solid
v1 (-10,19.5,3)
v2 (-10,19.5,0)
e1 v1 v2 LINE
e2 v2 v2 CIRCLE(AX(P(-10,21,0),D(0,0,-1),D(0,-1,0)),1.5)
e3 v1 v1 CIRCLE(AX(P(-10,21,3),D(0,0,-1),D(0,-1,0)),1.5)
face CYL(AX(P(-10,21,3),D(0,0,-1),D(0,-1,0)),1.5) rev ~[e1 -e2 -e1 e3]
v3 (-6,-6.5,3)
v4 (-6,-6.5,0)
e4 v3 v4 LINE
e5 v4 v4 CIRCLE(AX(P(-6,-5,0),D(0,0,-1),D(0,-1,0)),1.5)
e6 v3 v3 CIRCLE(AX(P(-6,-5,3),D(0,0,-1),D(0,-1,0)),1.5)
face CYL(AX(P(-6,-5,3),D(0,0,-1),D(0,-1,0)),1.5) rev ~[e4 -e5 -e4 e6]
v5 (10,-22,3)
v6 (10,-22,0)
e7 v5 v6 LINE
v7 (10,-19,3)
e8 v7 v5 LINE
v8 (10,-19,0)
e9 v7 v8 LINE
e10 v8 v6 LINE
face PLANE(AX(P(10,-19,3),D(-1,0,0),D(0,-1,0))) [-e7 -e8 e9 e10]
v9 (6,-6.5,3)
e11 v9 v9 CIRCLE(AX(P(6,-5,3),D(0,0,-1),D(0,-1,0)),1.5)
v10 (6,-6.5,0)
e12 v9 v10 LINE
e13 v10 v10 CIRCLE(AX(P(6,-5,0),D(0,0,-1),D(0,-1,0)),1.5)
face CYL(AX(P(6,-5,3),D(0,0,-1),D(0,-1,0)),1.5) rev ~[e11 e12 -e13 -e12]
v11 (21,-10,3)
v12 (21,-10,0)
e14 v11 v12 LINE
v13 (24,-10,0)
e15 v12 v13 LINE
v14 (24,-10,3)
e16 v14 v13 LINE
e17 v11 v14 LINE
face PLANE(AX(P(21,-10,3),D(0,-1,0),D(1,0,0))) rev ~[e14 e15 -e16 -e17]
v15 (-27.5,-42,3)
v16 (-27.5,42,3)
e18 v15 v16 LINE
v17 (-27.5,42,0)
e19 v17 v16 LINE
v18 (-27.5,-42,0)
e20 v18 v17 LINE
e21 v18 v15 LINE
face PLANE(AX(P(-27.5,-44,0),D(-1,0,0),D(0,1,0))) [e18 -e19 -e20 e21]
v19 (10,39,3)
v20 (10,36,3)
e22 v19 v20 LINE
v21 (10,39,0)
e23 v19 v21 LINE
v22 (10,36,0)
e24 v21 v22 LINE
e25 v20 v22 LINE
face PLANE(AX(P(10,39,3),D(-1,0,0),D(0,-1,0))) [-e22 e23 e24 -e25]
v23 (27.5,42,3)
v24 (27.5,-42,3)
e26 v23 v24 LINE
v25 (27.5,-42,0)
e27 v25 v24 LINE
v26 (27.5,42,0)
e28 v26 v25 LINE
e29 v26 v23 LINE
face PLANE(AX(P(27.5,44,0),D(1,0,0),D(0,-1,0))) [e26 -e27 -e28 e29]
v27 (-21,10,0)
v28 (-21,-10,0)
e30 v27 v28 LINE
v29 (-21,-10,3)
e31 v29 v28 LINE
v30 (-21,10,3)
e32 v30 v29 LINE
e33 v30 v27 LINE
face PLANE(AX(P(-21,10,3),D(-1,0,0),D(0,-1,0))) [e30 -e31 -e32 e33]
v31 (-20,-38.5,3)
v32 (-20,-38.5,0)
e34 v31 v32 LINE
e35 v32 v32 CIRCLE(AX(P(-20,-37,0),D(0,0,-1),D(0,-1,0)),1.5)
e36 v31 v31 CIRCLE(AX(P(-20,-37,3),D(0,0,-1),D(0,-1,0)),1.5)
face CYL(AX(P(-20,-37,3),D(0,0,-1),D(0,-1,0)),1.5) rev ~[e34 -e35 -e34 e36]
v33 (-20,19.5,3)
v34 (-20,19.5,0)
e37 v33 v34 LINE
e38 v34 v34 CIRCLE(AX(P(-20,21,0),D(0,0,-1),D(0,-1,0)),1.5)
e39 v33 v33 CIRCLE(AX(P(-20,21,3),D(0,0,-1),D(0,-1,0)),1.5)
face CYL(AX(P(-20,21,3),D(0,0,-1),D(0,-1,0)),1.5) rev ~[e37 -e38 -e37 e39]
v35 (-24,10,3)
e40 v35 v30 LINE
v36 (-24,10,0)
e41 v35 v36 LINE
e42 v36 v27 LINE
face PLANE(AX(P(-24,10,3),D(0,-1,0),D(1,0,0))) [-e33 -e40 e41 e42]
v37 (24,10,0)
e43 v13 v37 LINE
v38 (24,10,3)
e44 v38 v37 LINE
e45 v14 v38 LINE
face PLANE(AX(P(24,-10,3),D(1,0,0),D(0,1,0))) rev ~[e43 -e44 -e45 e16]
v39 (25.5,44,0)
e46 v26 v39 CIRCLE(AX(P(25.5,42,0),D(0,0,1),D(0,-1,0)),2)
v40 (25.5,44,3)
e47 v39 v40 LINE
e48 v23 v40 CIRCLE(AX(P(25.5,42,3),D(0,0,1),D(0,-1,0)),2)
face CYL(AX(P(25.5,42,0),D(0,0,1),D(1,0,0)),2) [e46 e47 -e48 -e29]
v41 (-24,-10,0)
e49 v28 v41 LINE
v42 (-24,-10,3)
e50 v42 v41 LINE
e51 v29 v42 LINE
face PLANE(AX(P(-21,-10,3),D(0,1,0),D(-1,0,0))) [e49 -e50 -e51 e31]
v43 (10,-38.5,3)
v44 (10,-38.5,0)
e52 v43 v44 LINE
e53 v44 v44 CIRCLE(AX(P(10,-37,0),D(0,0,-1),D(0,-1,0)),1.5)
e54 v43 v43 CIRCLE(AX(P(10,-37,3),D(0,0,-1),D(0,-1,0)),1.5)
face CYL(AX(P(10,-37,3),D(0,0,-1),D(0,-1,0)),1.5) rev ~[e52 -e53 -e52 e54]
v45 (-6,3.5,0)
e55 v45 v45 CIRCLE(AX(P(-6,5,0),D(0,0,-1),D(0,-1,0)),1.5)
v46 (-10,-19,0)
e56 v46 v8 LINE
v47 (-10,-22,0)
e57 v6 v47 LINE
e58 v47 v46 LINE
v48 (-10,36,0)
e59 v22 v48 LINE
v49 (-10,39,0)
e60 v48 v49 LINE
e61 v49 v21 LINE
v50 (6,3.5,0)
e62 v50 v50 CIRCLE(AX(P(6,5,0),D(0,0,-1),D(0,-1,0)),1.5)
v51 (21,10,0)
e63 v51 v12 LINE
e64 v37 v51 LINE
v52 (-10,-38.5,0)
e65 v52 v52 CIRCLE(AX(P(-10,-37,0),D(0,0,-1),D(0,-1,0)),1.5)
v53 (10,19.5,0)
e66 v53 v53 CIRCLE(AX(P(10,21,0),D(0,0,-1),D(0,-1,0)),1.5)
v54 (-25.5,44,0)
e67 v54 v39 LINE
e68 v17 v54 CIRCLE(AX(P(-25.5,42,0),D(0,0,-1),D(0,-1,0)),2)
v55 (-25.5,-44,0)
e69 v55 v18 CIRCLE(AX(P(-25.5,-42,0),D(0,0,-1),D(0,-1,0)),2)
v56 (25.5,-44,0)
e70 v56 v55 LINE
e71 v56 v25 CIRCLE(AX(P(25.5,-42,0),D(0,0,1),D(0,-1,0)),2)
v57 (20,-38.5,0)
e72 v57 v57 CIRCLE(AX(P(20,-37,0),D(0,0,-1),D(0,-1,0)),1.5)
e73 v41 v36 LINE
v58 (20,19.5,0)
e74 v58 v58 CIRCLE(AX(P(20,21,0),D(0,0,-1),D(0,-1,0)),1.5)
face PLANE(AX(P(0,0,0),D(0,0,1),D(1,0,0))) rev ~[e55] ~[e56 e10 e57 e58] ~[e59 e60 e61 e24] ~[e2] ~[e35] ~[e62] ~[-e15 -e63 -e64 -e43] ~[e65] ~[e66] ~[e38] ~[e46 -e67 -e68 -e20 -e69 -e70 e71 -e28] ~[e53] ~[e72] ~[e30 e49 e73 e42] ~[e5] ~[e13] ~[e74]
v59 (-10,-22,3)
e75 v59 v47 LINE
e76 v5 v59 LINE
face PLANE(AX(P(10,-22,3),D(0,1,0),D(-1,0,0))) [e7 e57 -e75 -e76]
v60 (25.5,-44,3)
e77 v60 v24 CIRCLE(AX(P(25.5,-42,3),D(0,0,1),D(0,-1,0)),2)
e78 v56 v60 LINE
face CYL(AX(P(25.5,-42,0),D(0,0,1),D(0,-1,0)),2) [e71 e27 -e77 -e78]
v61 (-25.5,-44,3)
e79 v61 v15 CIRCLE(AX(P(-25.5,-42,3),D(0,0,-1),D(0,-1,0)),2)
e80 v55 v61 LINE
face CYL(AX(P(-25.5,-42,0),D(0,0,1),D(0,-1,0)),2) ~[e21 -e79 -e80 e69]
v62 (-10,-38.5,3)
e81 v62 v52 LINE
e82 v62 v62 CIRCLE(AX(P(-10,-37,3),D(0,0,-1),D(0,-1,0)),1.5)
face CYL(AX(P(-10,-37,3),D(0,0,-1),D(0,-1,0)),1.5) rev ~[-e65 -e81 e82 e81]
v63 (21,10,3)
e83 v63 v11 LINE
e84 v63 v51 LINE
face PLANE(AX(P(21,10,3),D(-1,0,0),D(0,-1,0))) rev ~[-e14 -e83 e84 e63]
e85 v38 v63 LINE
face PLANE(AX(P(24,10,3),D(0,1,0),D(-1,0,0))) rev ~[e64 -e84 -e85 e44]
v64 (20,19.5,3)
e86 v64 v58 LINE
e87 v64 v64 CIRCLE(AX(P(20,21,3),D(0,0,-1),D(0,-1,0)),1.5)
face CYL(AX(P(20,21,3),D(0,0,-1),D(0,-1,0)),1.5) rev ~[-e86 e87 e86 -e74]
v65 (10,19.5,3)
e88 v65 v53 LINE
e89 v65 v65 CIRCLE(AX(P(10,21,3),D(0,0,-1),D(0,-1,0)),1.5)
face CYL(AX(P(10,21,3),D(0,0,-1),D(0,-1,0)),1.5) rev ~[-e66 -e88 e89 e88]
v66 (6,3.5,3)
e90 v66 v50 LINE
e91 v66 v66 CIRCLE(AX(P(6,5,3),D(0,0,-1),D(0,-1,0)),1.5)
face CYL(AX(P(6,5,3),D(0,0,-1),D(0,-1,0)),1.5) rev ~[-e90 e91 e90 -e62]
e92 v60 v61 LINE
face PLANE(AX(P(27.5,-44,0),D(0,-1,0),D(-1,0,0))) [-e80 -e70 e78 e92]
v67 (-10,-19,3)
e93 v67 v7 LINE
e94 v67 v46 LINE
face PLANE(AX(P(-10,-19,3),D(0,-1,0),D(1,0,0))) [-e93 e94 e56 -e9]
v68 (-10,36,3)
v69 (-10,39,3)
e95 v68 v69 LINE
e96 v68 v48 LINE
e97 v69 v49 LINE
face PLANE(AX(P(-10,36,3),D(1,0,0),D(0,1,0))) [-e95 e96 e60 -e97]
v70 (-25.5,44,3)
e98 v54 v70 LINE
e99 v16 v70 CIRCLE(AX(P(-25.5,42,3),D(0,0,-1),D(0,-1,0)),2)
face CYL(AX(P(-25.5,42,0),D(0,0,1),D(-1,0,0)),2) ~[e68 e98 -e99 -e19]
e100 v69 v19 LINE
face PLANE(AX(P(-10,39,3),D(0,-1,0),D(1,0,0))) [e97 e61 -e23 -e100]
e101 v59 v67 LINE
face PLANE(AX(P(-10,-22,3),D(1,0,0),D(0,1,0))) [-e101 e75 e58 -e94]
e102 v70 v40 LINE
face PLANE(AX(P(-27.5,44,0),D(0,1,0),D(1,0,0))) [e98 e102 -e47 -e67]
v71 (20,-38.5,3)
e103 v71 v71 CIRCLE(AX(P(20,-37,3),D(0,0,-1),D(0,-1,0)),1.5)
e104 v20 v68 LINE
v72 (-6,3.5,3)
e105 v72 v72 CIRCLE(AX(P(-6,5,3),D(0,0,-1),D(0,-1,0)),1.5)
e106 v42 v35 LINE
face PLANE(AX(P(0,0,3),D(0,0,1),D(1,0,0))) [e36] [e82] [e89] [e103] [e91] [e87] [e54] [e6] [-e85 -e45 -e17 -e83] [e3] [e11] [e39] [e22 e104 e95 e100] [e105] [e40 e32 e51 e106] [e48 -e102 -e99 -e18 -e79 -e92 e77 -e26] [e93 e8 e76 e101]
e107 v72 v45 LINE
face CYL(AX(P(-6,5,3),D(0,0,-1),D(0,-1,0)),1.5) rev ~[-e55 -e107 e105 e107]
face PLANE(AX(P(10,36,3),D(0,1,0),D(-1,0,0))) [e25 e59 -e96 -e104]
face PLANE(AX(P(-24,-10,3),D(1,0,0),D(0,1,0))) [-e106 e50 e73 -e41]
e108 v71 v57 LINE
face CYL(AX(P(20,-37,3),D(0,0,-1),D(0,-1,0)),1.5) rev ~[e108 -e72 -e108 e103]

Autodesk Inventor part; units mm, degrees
ref_plane "XZ Plane" through (0, 0, 0) normal (0, 1, 0) x (-1, 0, 0)
ref_plane "XY Plane" through (0, 0, 0) normal (0, 0, 1) x (1, 0, 0)
sketch "Boceto1" plane through (0, 0, 0) normal (0, 0, 1) x (1, 0, 0)
  line L0 (27.5, -44) -> (-27.5, -44)
  line L1 (-27.5, -44) -> (-27.5, 44)
  line L2 (-27.5, 44) -> (27.5, 44)
  line L3 (27.5, 44) -> (27.5, -44)
  line L4 (27.5, -44) -> (-27.5, 44) construction
  line L5 (-27.5, -44) -> (27.5, 44) construction
  point P0 (0, 0)
  dimension "d0" = 55
  dimension "d1" = 88
extrude "Extrusión1" add sketch "Boceto1" along normal blind 3
sketch "Boceto2" plane through (0, 0, 3) normal (0, 0, 1) x (1, 0, 0)
  line L0 (0, 61.6) -> (0, -61.6) construction
  line L1 (-27.5, -44) -> (27.5, -44) construction
  line L2 (27.5, 44) -> (-27.5, 44) construction
  point P0 (0, 0)
  point P1 (-20, -37)
  point P2 (-10, -37)
  point P3 (20, -37)
  point P4 (10, -37)
  point P5 (-20, 21)
  point P6 (-10, 21)
  point P7 (20, 21)
  point P8 (10, 21)
  dimension "d4" = 10
  dimension "d5" = 0
  dimension "d7" = 10
  dimension "d8" = 7
  dimension "d22" = 23
  dimension "d23" = 10
  dimension "d24" = 0
  dimension "d25" = 10
hole "Agujero1" at (-20, -37, 3) at (-10, -37, 3) at (20, -37, 3) at (10, -37, 3) at (-20, 21, 3) at (-10, 21, 3) at (10, 21, 3) at (20, 21, 3) direction (0, 0, -1) diameter 3 end through all
sketch "Boceto3" plane through (0, 0, 3) normal (0, 0, 1) x (1, 0, 0)
  line L0 (10, -22) -> (-10, -22)
  line L1 (-10, -22) -> (-10, -19)
  line L2 (-10, -19) -> (10, -19)
  line L3 (10, -19) -> (10, -22)
  line L4 (10, -22) -> (-10, -19) construction
  line L5 (-10, -22) -> (10, -19) construction
  line L6 (0, 61.6) -> (0, -61.6) construction
  circle A0 centre (-10, -37) radius 1.5 construction
  line L7 (10, 36) -> (-10, 36)
  line L8 (-10, 36) -> (-10, 39)
  line L9 (-10, 39) -> (10, 39)
  line L10 (10, 39) -> (10, 36)
  line L11 (10, 36) -> (-10, 39) construction
  line L12 (-10, 36) -> (10, 39) construction
  circle A1 centre (-10, 21) radius 1.5 construction
  point P0 (0, 0)
  point P1 (0, -20.5)
  point P2 (0, 37.5)
  point P3 (0, 36)
  dimension "d16" = 3
  dimension "d17" = 20
  dimension "d21" = 15
  dimension "d26" = 3
  dimension "d27" = 20
  dimension "d28" = 15
extrude "Extrusión2" cut sketch "Boceto3" against normal through all
fillet "Empalme1" radius 2 4 edges at (-27.5, -44, 1.5) (27.5, -44, 1.5) (27.5, 44, 1.5) (-27.5, 44, 1.5)
sketch "Boceto5" plane through (0, 0, 3) normal (0, 0, 1) x (1, 0, 0)
  circle A0 centre (-6, 5) radius 1.6 construction
  circle A1 centre (-6, -5) radius 1.6 construction
  circle A2 centre (6, -5) radius 1.6 construction
  circle A3 centre (6, 5) radius 1.6 construction
hole "Agujero2" at (-6, 5, 3) at (-6, -5, 3) at (6, -5, 3) at (6, 5, 3) direction (0, 0, -1) diameter 3 end through all
sketch "Boceto6" plane through (0, 0, 3) normal (0, 0, 1) x (1, 0, 0)
  line L0 (-21, -10) -> (-24, -10)
  line L1 (-24, -10) -> (-24, 10)
  line L2 (-24, 10) -> (-21, 10)
  line L3 (-21, 10) -> (-21, -10)
  line L4 (-38.5, 0) -> (38.5, 0) construction
  line L5 (0, 61.6) -> (0, -61.6) construction
  line L6 (21, -10) -> (24, -10)
  line L7 (24, -10) -> (24, 10)
  line L8 (24, 10) -> (21, 10)
  line L9 (21, 10) -> (21, -10)
  line L10 (-21, 14) -> (-21, -14) construction
  point P0 (0, 0)
  point P1 (-24, 0)
  point P2 (22, -14)
  point P3 (24, 0)
  dimension "d37" = 20
  dimension "d38" = 3
extrude "Extrusión3" cut sketch "Boceto6" against normal through all
properties part number "PlacaFrontalSTD"
